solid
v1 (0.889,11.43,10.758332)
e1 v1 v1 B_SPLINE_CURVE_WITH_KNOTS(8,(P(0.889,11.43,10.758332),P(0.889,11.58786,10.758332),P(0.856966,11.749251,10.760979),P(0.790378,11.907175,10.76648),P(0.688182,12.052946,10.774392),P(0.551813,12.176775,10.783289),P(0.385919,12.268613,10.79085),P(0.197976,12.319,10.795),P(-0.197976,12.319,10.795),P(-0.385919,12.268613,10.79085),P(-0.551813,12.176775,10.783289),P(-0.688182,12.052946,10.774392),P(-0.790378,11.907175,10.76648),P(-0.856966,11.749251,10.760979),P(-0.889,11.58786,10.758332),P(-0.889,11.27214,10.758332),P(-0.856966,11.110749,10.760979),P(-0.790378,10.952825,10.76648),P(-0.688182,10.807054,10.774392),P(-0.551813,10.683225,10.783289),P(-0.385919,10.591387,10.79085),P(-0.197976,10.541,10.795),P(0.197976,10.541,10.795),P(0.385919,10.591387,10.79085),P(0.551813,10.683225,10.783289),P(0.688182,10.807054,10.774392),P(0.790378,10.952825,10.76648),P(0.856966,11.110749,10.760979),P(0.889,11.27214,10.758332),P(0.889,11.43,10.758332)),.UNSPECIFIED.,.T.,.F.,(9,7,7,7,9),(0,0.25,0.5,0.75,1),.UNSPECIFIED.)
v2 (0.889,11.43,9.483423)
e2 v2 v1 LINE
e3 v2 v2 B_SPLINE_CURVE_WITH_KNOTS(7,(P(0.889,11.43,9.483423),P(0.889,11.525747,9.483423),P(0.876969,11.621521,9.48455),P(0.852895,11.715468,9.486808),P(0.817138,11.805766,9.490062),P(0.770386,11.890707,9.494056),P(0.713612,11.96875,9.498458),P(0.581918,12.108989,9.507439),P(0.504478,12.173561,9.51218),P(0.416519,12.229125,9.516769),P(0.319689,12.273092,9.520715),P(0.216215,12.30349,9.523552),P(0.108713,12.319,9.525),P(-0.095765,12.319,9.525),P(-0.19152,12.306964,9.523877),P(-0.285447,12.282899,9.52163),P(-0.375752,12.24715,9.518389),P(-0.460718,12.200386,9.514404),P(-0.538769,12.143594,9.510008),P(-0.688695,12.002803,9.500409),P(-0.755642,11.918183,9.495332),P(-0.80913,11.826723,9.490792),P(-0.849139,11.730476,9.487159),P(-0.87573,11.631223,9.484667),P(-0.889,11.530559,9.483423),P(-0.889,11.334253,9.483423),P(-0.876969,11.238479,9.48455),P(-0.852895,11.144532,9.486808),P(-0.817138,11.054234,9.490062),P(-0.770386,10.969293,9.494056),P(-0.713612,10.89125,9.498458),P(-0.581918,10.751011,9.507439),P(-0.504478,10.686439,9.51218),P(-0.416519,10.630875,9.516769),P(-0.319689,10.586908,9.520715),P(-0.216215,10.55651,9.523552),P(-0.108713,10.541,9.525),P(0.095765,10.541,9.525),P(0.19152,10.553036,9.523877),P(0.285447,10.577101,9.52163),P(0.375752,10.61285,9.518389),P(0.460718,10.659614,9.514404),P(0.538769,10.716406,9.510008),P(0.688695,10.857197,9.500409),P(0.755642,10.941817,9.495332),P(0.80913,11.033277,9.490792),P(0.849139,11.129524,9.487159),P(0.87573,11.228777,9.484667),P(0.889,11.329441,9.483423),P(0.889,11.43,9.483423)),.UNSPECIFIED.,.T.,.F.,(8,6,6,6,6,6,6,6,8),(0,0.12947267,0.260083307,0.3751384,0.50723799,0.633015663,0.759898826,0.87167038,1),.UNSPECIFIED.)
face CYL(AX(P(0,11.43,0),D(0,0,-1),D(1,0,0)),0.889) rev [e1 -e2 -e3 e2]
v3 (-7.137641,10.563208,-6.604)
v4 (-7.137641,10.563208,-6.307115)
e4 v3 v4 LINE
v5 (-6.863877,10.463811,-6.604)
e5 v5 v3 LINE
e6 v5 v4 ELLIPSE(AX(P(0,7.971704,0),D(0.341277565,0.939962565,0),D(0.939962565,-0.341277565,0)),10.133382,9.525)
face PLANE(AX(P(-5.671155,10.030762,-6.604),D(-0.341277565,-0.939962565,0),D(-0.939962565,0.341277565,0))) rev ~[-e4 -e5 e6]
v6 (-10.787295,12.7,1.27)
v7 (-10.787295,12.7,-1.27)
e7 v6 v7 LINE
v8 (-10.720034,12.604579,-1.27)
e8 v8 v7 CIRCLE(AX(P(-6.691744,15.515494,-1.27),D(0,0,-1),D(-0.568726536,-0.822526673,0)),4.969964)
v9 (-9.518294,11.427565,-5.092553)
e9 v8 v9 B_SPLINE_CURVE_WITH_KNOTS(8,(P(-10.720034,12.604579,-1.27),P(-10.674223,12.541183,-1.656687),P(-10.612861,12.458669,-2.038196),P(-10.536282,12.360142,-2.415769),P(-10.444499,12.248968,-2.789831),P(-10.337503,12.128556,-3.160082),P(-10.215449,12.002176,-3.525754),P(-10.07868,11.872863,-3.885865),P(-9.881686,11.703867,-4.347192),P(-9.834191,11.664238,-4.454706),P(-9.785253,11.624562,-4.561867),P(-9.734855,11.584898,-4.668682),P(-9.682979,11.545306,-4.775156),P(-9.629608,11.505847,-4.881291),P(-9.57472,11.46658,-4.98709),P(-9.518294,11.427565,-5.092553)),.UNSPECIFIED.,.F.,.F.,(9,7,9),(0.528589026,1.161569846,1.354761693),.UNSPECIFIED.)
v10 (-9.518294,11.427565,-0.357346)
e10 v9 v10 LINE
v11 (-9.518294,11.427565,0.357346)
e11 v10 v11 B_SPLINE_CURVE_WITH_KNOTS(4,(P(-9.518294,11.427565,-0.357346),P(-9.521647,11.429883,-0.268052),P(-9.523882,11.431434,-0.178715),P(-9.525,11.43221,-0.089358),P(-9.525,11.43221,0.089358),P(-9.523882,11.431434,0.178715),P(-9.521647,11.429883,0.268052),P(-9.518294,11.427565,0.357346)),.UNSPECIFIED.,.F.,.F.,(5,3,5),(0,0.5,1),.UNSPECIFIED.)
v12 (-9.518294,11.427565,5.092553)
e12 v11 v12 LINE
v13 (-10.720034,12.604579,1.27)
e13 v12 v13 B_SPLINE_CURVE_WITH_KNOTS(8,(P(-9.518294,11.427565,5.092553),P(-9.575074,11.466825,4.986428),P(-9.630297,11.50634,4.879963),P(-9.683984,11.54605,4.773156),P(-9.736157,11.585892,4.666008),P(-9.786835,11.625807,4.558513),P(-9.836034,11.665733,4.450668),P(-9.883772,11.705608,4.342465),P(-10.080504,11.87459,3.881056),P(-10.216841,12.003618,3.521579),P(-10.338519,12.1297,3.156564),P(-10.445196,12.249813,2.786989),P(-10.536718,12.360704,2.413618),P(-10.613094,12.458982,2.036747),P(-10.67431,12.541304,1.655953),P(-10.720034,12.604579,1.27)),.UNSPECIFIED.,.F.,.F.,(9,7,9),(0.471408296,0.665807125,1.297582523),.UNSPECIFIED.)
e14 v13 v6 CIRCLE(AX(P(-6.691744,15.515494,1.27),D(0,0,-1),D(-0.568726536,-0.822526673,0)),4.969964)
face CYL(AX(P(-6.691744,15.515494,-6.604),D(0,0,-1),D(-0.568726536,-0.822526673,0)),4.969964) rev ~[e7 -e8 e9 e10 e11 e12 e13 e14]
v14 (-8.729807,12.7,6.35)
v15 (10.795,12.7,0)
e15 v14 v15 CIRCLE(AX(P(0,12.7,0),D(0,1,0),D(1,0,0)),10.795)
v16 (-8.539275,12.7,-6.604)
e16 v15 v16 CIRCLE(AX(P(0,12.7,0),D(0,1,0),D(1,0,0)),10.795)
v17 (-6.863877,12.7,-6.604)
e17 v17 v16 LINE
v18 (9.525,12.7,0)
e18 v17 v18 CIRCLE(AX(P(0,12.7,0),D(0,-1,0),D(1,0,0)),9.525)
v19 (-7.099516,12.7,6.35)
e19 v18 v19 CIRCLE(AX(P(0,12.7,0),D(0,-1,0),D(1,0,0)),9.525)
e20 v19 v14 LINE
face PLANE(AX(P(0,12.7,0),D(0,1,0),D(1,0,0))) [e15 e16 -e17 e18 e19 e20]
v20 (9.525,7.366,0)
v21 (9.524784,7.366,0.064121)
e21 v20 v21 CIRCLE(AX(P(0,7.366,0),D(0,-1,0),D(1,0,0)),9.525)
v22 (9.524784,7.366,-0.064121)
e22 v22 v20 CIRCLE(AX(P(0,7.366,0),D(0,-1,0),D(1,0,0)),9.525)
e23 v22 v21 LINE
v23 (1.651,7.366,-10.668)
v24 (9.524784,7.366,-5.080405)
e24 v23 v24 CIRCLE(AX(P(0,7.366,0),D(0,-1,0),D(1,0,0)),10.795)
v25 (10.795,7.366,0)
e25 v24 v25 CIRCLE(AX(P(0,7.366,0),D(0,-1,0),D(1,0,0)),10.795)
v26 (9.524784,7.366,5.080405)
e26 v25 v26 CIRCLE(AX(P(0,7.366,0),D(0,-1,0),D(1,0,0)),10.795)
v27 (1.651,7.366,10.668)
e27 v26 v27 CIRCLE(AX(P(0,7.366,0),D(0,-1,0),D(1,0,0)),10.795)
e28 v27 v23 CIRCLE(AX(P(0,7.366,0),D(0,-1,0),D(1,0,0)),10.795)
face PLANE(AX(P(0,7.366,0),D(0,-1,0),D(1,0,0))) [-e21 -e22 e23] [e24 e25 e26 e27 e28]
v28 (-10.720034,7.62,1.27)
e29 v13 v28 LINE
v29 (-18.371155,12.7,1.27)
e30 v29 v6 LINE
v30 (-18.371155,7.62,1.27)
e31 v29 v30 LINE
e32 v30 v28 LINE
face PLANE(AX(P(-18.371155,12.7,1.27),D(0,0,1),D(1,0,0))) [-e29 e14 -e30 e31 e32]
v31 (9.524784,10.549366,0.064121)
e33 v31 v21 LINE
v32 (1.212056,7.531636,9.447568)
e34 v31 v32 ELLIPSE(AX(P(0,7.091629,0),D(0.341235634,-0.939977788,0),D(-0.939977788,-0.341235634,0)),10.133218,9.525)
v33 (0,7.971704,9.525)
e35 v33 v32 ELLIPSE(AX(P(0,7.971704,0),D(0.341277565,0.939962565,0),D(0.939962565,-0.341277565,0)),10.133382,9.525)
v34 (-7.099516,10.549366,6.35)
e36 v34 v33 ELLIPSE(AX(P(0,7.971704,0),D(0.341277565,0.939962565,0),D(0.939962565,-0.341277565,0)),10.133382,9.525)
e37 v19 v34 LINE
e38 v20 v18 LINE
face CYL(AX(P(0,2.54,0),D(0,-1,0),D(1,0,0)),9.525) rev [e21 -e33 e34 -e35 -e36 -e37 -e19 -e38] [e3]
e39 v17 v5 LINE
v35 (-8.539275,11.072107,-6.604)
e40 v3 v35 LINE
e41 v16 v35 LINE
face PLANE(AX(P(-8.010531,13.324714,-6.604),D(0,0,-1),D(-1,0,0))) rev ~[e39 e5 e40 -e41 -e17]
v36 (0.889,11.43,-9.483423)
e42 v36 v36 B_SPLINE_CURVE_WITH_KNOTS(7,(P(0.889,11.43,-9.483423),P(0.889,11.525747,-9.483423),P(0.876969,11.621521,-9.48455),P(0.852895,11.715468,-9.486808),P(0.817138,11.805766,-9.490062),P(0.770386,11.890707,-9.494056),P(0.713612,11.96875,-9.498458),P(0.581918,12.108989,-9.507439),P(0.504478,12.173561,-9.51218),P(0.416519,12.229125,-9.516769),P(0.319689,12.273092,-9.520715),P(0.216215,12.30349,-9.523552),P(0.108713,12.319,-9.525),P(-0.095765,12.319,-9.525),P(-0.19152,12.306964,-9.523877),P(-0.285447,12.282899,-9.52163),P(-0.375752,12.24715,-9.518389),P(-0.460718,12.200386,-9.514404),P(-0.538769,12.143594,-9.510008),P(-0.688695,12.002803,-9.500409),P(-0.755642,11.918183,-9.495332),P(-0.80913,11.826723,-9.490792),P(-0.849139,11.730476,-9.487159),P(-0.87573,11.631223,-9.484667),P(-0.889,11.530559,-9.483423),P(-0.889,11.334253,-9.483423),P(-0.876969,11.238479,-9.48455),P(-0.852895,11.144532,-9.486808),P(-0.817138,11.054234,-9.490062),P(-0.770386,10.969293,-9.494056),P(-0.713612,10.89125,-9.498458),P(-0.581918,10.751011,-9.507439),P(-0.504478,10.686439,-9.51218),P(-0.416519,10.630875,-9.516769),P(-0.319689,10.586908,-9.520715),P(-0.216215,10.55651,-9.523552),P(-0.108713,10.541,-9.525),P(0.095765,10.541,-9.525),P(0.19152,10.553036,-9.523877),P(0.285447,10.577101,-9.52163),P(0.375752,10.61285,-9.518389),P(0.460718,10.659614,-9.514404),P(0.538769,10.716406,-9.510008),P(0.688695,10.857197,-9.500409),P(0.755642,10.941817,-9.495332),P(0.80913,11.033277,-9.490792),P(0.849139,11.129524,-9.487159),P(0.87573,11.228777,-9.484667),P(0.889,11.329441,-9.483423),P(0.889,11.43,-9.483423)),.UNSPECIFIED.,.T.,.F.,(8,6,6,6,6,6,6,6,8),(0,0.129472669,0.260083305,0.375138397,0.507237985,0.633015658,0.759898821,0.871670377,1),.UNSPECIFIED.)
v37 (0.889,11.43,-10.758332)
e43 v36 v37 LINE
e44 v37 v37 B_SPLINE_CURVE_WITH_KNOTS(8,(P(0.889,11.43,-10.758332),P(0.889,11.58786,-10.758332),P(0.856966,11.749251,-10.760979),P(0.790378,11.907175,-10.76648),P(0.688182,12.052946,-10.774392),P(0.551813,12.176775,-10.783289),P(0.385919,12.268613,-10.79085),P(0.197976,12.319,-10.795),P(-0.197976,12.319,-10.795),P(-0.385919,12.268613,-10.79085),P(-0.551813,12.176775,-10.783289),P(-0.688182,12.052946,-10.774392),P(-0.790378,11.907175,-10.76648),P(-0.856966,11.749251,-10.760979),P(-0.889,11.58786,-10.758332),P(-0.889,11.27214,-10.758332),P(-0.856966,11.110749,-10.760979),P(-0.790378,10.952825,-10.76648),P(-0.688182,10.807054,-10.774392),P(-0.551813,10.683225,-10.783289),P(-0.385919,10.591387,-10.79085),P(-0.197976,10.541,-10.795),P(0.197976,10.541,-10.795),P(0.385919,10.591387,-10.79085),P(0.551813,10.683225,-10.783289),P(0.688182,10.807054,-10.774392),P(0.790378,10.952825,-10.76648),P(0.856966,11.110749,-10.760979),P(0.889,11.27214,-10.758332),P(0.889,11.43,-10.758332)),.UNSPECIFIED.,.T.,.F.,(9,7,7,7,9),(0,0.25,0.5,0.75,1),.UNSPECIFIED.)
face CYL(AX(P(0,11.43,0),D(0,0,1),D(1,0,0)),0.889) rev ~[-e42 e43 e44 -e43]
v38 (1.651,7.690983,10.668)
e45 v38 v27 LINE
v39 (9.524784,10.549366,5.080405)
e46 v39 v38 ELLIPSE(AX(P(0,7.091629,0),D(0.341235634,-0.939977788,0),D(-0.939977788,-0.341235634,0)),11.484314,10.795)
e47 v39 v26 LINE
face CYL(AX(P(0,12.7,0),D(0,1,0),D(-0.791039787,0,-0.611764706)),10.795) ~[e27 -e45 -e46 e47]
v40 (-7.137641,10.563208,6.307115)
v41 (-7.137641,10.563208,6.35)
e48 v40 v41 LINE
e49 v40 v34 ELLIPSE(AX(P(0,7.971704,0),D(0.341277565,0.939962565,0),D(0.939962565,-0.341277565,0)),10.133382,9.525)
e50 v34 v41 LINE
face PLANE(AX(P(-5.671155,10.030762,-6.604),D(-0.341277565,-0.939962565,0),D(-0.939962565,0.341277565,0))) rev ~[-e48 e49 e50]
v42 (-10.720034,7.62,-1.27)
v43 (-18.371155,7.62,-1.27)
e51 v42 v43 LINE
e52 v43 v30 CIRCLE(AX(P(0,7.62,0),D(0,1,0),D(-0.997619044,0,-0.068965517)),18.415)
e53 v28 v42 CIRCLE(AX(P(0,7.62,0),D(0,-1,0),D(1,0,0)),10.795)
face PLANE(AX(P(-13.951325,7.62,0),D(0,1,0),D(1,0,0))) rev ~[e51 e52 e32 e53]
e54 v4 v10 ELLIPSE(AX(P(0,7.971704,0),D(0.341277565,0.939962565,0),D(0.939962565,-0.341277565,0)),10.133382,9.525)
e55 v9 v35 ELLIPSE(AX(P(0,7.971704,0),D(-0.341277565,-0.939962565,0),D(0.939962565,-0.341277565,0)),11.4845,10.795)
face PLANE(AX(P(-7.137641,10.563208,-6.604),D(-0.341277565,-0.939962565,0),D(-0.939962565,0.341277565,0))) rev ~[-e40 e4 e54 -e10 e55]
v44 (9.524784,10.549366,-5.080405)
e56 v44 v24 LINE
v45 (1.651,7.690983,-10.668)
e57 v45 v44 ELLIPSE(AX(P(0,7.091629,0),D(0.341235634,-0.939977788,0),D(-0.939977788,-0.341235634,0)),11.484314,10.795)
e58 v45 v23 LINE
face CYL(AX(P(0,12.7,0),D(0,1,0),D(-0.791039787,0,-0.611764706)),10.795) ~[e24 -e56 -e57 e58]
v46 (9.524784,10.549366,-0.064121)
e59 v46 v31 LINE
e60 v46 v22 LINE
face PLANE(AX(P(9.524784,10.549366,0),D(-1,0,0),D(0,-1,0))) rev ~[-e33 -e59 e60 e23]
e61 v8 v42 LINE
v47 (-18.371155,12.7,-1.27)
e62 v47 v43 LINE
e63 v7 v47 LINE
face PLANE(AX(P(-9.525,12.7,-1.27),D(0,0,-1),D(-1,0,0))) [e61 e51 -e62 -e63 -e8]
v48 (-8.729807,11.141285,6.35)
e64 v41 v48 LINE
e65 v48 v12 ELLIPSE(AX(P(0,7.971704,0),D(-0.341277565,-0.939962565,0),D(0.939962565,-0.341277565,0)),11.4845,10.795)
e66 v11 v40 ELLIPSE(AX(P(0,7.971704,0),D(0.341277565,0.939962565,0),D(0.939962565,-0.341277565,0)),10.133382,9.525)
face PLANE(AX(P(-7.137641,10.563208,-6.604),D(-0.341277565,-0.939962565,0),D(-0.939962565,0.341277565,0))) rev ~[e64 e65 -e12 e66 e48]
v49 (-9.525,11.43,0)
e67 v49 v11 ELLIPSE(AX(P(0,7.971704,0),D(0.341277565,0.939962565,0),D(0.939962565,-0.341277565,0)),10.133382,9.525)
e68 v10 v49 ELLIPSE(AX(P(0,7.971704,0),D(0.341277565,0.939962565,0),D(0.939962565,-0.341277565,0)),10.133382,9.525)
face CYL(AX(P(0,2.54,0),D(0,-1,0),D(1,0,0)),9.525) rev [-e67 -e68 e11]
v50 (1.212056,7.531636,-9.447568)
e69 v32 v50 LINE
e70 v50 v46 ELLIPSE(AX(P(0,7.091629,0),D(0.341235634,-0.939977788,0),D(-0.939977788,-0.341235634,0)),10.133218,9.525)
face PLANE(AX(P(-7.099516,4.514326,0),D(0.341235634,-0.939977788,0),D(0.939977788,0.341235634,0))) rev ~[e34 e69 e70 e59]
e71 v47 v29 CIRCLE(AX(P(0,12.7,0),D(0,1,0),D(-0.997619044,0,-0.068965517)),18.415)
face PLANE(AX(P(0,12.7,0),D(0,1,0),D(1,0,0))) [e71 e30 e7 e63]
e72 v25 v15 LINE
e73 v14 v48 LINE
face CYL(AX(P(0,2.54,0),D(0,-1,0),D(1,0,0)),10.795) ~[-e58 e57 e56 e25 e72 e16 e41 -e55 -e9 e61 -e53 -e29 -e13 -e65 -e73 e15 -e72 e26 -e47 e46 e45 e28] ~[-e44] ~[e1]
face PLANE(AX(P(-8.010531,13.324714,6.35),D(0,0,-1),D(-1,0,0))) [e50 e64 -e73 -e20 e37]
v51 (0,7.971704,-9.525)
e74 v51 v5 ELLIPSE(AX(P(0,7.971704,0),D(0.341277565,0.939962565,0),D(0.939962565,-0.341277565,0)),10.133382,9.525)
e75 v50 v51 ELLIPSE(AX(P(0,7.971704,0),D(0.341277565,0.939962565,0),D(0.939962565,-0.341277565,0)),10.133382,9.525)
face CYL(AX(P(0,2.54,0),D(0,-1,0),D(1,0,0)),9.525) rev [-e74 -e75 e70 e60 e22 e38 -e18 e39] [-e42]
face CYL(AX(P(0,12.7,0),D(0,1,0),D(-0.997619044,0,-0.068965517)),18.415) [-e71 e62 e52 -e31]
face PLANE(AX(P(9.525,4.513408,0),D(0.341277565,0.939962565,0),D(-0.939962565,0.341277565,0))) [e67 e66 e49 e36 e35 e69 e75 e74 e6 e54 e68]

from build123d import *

# Parameters (mm, degrees)
SKETCH1_R               = 10.795
BOSS_EXTRUDE1_DEPTH     = 2.54
SKETCH2_R               = 10.795
SKETCH2_R_2             = 9.525
BOSS_EXTRUDE2_DEPTH     = 10.16
BOSS_EXTRUDE3_DEPTH     = 9.525
SKETCH4_R               = 13.470384182
SKETCH4_R_2             = 10.795
CUT_EXTRUDE1_DEPTH      = 12.7
BOSS_EXTRUDE4_DEPTH     = 5.08
SKETCH8_R               = 0.889
CUT_EXTRUDE7_DEPTH      = 11.795
CUT_EXTRUDE7_DEPTH_BACK = 11.795
CUT_EXTRUDE8_DEPTH      = 12.954
BOSS_EXTRUDE5_DEPTH     = 10.668
CUT_EXTRUDE9_DEPTH      = 12.7
SKETCH12_R              = 10.795
CUT_EXTRUDE10_DEPTH     = 7.366


with BuildPart() as part:
    # Sketch1 → Boss-Extrude1 (new body)
    with BuildSketch(Plane(origin=(0, 0, 0), x_dir=(1, 0, 0), z_dir=(0, 1, 0))):
        Circle(SKETCH1_R)
    extrude(amount=BOSS_EXTRUDE1_DEPTH)

    # Sketch2 → Boss-Extrude2 (add)
    with BuildSketch(Plane(origin=(0, 2.54, 0), x_dir=(1, 0, 0), z_dir=(0, 1, 0))):
        Circle(SKETCH2_R)
        Circle(SKETCH2_R_2, mode=Mode.SUBTRACT)
    extrude(amount=BOSS_EXTRUDE2_DEPTH)

    # Sketch3 → Boss-Extrude3 (add, symmetric)
    with BuildSketch(Plane.XY):
        Polygon((-9.525, 11.43), (-9.525, 2.54), (9.525, 2.54), (9.525, 4.513407944), align=None)
    extrude(amount=BOSS_EXTRUDE3_DEPTH, both=True)

    # Sketch4 → Cut-Extrude1 (cut)
    with BuildSketch(Plane(origin=(0, 12.7, 0), x_dir=(1, 0, 0), z_dir=(0, 1, 0))):
        Circle(SKETCH4_R)
        Circle(SKETCH4_R_2, mode=Mode.SUBTRACT)
    extrude(amount=-CUT_EXTRUDE1_DEPTH, mode=Mode.SUBTRACT)

    # Sketch5 → Boss-Extrude4 (add)
    with BuildSketch(Plane(origin=(0, 12.7, 0), x_dir=(1, 0, 0), z_dir=(0, 1, 0))):
        with BuildLine():
            Line((-9.525, 1.27), (-18.3711547, 1.27))
            ThreePointArc((-18.3711547, 1.27), (-18.415, 0), (-18.3711547, -1.27))
            Line((-18.3711547, -1.27), (-9.525, -1.27))
            Line((-9.525, -1.27), (-9.525, 1.27))
        make_face()
    extrude(amount=-BOSS_EXTRUDE4_DEPTH)

    # Sketch8 → Cut-Extrude7 (cut, two sides)
    with BuildSketch(Plane.XY) as cut_extrude7_sk:
        with Locations((0, 11.43)):
            Circle(SKETCH8_R)
    extrude(amount=CUT_EXTRUDE7_DEPTH, mode=Mode.SUBTRACT)
    extrude(cut_extrude7_sk.sketch, amount=-CUT_EXTRUDE7_DEPTH_BACK, mode=Mode.SUBTRACT)

    # Sketch9 → Cut-Extrude8 (cut)
    with BuildSketch(Plane(origin=(0, 0, -6.604), x_dir=(-1, 0, 0), z_dir=(0, 0, -1))):
        with BuildLine():
            Line((11.634433815, 14.99553097), (5.6711547, 16.064639109))
            Line((5.6711547, 16.064639109), (5.6711547, 10.030762426))
            Line((5.6711547, 10.030762426), (7.137641273, 10.563208063))
            Line((7.137641273, 10.563208063), (9.51829444, 11.427565374))
            ThreePointArc((9.51829444, 11.427565374), (10.966421538, 12.98020742), (11.634433815, 14.99553097))
        make_face()
    extrude(amount=-CUT_EXTRUDE8_DEPTH, mode=Mode.SUBTRACT)

    # Sketch10 → Boss-Extrude5 (add, symmetric)
    with BuildSketch(Plane.XY):
        Polygon((9.524784171, 4.513486306), (-7.099515829, 4.51432564), (9.524784171, 10.54936564), align=None)
    extrude(amount=BOSS_EXTRUDE5_DEPTH, both=True)

    # Sketch11 → Cut-Extrude9 (cut)
    with BuildSketch(Plane(origin=(0, 12.7, 0), x_dir=(1, 0, 0), z_dir=(0, 1, 0))):
        with BuildLine():
            Line((-10.452691986, -2.696897336), (-9.948623227, -10.980573455))
            ThreePointArc((-9.948623227, -10.980573455), (14.816931941, 0.081396449), (-10.068662158, 10.870608993))
            Line((-10.068662158, 10.870608993), (-10.452691986, 2.696897336))
            ThreePointArc((-10.452691986, 2.696897336), (-9.694847114, 4.747837869), (-8.539274501, 6.604))
            ThreePointArc((-8.539274501, 6.604), (10.793832515, -0.15875966), (-8.729806699, -6.35))
            ThreePointArc((-8.729806699, -6.35), (-9.763624006, -4.604744431), (-10.452691986, -2.696897336))
        make_face()
    extrude(amount=-CUT_EXTRUDE9_DEPTH, mode=Mode.SUBTRACT)

    # Sketch12 → Cut-Extrude10 (cut)
    with BuildSketch(Plane.XZ):
        Circle(SKETCH12_R)
    extrude(amount=-CUT_EXTRUDE10_DEPTH, mode=Mode.SUBTRACT)


solid = part.part
